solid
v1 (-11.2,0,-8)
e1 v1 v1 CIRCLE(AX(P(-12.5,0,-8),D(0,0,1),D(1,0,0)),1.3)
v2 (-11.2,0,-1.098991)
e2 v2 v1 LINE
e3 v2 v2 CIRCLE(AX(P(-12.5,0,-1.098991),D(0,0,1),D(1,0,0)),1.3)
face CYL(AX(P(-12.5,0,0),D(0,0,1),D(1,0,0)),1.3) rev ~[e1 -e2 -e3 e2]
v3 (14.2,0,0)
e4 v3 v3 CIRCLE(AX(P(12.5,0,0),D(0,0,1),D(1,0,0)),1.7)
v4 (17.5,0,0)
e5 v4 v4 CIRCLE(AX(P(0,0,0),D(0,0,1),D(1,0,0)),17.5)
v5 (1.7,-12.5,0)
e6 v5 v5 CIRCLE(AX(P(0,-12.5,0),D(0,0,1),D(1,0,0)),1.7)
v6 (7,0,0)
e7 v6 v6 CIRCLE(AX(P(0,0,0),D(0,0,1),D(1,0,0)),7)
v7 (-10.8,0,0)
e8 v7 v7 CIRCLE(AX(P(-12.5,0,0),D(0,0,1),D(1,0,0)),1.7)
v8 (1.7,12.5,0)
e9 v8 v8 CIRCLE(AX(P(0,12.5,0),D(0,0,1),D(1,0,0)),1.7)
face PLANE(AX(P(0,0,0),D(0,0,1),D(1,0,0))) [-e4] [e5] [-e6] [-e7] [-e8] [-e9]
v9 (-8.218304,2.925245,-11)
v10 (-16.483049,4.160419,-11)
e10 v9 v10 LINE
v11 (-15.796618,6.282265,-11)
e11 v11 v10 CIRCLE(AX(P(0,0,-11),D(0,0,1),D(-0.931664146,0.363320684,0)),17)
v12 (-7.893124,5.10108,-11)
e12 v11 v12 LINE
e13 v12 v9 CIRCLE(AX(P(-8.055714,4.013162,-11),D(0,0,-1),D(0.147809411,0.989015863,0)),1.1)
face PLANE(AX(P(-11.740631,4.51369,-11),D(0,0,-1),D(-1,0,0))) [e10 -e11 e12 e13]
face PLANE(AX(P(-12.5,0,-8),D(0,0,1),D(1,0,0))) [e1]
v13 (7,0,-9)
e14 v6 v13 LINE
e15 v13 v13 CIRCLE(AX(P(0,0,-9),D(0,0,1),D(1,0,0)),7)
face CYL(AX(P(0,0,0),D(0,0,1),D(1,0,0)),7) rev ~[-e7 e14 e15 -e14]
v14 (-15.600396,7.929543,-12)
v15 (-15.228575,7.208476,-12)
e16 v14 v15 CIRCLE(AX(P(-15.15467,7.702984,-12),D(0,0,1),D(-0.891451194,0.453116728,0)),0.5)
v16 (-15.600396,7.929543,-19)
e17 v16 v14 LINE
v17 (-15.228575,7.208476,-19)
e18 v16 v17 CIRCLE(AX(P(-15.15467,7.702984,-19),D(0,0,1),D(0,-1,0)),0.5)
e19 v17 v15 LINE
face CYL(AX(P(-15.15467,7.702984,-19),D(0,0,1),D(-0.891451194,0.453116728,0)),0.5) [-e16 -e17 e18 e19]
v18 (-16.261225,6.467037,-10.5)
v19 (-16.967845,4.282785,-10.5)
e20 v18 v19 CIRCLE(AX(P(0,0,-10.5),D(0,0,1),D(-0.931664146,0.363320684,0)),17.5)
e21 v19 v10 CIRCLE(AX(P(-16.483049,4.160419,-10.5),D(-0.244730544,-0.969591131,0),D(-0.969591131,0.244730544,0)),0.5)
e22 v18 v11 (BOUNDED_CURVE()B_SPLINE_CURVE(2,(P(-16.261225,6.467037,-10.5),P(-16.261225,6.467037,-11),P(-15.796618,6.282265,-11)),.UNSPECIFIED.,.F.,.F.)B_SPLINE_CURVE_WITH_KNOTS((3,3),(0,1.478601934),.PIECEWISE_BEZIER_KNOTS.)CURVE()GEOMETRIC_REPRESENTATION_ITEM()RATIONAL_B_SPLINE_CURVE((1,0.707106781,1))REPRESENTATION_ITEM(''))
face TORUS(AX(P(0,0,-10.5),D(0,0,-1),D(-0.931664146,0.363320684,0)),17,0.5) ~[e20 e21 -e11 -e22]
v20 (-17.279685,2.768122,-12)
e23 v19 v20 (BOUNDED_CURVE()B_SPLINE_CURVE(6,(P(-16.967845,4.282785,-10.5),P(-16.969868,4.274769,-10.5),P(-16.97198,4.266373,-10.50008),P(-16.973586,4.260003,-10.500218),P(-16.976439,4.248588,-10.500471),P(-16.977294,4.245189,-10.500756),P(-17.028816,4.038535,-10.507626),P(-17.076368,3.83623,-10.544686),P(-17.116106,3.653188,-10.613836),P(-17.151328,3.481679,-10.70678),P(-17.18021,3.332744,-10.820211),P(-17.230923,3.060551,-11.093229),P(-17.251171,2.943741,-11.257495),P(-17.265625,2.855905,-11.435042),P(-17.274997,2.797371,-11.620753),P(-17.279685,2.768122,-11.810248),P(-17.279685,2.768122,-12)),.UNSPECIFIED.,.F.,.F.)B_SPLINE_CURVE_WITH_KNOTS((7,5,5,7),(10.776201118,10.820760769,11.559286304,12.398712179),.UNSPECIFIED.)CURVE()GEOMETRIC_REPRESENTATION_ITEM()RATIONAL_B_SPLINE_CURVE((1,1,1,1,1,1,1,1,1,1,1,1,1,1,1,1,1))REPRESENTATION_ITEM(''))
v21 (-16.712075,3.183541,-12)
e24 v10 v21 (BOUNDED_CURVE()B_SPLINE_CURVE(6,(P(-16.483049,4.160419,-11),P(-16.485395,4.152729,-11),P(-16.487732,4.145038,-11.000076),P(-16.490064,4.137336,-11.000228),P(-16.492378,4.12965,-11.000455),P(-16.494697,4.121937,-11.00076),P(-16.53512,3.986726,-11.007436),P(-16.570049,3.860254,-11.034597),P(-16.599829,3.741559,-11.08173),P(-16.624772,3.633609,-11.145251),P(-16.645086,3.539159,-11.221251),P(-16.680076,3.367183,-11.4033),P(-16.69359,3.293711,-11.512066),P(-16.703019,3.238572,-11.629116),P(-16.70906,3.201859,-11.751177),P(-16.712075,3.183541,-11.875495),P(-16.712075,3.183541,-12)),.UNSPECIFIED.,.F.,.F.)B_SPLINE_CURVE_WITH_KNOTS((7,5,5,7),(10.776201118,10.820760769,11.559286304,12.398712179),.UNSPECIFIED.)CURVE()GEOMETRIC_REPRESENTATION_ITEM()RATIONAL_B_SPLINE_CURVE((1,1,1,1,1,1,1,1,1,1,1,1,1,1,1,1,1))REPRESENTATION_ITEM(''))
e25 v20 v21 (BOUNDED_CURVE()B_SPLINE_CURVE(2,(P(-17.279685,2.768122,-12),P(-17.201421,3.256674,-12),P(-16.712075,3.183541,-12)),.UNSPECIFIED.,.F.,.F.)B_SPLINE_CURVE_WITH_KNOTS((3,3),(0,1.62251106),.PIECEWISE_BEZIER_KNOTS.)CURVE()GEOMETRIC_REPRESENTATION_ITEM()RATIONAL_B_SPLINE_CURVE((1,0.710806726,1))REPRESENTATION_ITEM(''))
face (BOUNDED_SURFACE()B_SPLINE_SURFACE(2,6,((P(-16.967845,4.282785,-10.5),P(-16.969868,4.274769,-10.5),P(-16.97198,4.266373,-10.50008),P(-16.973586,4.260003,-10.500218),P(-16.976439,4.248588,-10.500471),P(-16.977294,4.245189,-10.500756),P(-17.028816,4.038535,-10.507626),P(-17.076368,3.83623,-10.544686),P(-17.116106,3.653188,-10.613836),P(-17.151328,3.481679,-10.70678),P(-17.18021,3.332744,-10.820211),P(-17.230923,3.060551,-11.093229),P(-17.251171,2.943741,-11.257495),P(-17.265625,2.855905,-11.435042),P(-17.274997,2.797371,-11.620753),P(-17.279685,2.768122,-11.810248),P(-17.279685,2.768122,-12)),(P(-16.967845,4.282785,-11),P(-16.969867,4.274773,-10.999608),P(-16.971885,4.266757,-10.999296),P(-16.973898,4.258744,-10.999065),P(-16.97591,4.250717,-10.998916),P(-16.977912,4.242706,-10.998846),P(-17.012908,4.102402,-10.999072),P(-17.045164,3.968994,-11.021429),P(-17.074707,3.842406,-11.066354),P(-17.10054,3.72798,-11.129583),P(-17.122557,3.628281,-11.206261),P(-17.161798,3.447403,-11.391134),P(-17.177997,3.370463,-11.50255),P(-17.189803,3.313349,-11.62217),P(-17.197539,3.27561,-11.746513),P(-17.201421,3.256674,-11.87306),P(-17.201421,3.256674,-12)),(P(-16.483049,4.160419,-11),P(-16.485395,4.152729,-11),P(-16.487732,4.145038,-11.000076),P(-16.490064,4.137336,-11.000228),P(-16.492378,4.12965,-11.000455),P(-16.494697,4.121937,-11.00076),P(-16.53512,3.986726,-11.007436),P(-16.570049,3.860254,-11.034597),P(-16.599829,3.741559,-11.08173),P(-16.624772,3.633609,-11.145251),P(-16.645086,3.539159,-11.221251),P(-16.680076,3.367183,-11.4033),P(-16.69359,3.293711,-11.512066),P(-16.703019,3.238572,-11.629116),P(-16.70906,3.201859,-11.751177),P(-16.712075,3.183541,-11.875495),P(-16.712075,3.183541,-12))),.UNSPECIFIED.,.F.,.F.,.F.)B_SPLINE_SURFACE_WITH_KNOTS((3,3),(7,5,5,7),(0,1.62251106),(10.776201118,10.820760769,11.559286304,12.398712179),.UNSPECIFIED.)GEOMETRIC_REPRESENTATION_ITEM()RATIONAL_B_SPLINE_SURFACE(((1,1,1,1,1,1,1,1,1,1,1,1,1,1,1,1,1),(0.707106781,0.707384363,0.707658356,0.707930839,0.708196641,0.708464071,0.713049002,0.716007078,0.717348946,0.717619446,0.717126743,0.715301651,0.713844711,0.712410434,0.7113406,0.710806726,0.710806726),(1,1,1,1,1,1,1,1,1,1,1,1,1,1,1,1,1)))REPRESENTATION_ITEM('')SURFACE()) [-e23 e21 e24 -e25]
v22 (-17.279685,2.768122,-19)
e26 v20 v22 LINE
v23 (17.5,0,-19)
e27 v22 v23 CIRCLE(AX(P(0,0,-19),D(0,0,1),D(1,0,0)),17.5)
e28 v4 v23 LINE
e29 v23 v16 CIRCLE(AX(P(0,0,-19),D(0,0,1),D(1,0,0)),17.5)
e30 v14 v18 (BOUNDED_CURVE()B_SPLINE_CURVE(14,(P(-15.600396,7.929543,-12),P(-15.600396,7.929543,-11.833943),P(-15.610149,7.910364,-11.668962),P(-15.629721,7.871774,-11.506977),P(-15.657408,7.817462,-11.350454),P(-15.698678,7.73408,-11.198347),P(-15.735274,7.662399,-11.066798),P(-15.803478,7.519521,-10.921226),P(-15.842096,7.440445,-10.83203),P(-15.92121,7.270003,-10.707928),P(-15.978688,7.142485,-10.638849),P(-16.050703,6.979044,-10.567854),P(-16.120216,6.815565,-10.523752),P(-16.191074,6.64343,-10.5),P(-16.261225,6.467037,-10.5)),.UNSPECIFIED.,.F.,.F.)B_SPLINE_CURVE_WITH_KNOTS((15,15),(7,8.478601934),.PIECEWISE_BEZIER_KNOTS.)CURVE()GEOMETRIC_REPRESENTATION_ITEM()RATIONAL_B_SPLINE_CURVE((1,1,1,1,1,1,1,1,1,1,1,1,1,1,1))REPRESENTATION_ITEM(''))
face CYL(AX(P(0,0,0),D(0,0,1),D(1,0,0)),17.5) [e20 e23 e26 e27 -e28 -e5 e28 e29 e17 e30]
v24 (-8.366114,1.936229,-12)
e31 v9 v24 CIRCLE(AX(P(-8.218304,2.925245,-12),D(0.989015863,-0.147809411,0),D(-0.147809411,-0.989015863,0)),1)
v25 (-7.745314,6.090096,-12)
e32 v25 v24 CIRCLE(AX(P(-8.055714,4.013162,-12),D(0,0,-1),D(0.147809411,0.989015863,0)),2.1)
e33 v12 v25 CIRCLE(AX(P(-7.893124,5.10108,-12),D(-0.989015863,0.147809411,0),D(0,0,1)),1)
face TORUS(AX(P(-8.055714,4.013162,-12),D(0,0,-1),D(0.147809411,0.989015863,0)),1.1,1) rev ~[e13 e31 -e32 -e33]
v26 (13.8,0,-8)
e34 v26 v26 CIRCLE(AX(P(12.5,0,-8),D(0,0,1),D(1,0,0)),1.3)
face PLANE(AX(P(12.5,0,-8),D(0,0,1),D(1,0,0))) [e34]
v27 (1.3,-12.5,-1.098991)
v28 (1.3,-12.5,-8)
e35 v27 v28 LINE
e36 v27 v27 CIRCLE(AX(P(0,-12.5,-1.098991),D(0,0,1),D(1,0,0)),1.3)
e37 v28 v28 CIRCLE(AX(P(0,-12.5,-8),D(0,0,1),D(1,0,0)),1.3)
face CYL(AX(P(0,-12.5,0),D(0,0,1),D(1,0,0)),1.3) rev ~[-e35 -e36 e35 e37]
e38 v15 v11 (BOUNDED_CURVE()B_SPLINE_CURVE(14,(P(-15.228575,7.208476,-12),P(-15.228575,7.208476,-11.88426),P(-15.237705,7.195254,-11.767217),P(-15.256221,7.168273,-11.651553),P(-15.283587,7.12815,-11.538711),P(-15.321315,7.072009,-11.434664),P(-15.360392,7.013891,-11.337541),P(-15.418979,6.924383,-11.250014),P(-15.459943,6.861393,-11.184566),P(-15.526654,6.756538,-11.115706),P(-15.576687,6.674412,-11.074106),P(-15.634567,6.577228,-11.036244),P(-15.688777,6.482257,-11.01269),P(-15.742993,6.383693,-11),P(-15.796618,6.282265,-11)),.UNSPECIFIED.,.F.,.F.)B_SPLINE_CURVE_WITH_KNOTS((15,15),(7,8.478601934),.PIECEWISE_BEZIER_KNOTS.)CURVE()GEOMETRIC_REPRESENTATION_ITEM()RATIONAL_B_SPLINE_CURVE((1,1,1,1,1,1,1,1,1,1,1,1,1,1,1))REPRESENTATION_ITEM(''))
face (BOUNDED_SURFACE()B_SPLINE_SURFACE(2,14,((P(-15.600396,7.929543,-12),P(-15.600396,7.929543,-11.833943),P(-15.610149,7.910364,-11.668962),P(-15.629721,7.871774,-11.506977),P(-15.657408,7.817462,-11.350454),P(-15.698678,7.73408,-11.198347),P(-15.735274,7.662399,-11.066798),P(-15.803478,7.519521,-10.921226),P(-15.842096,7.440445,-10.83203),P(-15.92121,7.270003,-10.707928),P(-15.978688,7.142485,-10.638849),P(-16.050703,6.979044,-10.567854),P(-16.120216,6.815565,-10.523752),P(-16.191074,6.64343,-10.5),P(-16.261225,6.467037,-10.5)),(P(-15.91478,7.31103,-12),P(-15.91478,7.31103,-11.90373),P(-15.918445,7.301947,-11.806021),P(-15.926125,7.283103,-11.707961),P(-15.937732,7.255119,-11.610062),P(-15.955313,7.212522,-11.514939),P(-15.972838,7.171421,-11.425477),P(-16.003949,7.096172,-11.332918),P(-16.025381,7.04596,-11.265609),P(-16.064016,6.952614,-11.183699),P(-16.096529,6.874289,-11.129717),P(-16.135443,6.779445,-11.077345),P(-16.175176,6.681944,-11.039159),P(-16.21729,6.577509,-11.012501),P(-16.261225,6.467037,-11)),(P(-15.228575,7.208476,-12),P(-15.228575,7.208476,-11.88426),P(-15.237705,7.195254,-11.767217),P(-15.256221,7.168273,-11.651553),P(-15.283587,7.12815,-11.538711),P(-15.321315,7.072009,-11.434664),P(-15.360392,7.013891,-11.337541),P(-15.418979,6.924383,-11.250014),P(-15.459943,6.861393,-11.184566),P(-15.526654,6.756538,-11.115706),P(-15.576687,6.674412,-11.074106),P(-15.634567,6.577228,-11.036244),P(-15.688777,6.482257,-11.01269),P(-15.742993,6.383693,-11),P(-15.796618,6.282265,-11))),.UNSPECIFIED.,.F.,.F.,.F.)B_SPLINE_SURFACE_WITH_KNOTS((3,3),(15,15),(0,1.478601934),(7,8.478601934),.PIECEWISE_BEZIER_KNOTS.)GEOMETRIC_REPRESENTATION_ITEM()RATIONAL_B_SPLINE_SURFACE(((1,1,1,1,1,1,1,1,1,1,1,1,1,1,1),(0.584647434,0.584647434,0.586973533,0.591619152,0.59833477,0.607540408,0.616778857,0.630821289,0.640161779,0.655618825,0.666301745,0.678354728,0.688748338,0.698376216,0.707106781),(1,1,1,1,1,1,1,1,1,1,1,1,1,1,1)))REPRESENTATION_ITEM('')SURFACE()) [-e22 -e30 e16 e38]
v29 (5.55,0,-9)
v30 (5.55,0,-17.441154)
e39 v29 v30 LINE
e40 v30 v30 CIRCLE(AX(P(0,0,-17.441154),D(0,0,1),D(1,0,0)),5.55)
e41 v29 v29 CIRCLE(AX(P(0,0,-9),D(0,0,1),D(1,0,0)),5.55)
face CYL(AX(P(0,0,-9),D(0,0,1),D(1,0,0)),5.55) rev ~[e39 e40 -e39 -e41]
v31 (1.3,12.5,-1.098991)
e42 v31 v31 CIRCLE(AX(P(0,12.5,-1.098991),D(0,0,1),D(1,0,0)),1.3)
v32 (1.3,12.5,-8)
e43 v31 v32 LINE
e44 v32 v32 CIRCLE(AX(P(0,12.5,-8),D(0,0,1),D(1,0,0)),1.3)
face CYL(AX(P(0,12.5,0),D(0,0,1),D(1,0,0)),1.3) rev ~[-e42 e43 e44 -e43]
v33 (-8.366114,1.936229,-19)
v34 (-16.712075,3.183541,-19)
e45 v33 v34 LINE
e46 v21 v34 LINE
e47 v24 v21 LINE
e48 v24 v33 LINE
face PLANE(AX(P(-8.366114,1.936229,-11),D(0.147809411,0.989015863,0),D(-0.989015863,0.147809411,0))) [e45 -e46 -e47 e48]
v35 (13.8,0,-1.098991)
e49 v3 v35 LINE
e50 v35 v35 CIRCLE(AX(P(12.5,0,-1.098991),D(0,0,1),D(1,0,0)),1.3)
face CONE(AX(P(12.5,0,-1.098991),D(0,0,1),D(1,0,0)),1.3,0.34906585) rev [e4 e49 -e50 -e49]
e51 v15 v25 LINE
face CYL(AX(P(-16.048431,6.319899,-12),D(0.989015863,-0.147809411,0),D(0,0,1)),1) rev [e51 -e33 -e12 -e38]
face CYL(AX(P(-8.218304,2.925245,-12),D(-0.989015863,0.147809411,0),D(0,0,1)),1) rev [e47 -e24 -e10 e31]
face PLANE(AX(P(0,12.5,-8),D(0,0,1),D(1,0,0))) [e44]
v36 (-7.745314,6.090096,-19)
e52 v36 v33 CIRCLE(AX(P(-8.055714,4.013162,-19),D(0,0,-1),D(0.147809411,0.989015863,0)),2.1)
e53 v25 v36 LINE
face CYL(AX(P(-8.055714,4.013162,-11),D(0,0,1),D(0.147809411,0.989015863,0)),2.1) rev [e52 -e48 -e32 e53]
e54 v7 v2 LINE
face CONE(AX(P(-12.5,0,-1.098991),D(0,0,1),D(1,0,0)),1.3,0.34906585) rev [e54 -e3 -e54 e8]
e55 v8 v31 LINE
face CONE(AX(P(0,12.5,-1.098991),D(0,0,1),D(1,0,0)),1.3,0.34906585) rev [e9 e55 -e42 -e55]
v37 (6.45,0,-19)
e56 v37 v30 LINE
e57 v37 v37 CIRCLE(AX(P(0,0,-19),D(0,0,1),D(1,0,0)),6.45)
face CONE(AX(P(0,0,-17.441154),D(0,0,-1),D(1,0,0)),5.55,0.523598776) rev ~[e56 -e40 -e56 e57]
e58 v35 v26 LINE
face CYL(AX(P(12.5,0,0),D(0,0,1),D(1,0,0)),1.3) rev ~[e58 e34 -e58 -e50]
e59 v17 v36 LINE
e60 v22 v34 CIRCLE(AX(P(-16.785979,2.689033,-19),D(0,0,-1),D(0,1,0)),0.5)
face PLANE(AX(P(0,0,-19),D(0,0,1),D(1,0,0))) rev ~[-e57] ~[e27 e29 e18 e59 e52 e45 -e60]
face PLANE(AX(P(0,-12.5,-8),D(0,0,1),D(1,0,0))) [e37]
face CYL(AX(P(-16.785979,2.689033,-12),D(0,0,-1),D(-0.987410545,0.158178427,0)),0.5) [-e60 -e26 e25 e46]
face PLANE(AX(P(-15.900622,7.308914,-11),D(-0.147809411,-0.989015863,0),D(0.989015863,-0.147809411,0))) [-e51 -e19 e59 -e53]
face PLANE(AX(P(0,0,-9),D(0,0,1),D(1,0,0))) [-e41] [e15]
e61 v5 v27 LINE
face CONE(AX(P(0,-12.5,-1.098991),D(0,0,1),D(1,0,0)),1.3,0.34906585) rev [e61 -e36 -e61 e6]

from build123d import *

# Parameters (mm, degrees)
SKETCH_1_R          = 17.5
EXTRUDE_1_DEPTH     = 19
SKETCH_2_R          = 1.3
CUT_EXTRUDE_1_DEPTH = 8
SKETCH_4_R          = 7
CUT_EXTRUDE_3_DEPTH = 9
SKETCH_5_R          = 5.55
CUT_EXTRUDE_4_DEPTH = 10
CUT_EXTRUDE_START   = -8
CUT_EXTRUDE_6_DEPTH = 8
FILLET_1_R          = 1
FILLET_2_R          = 0.5
CHAMFER_1_SIZE      = 0.9
CHAMFER_1_SIZE2     = 1.558845727
CHAMFER_2_SIZE      = 0.4
CHAMFER_2_SIZE2     = 1.098990968


with BuildPart() as part:
    # 草图1 → 凸台-拉伸1 (new body)
    with BuildSketch(Plane.XY):
        Circle(SKETCH_1_R)
    extrude(amount=-EXTRUDE_1_DEPTH)

    # 草图2 → 切除-拉伸1 (cut)
    with BuildSketch(Plane.XY):
        with Locations((12.5, 0)):
            Circle(SKETCH_2_R)
        with Locations((0, -12.5)):
            Circle(SKETCH_2_R)
        with Locations((-12.5, 0)):
            Circle(SKETCH_2_R)
        with Locations((0, 12.5)):
            Circle(SKETCH_2_R)
    extrude(amount=-CUT_EXTRUDE_1_DEPTH, mode=Mode.SUBTRACT)

    # 草图4 → 切除-拉伸3 (cut)
    with BuildSketch(Plane.XY):
        Circle(SKETCH_4_R)
    extrude(amount=-CUT_EXTRUDE_3_DEPTH, mode=Mode.SUBTRACT)

    # 草图5 → 切除-拉伸4 (cut)
    with BuildSketch(Plane.XY.offset(-9)):
        Circle(SKETCH_5_R)
    extrude(amount=-CUT_EXTRUDE_4_DEPTH, mode=Mode.SUBTRACT)

    # 草图11 → 切除-拉伸6 (cut)
    with BuildSketch(Plane(origin=(0, 0, -19), x_dir=(-1, 0, 0), z_dir=(0, 0, -1)).offset(CUT_EXTRUDE_START)):
        with BuildLine():
            ThreePointArc((17.194499347, 3.255640061), (16.671203225, 5.32174624), (15.900621658, 7.308914482))
            Line((15.900621658, 7.308914482), (7.74531425, 6.090095623))
            ThreePointArc((7.74531425, 6.090095623), (5.978780701, 3.702762547), (8.366113777, 1.936228997))
            Line((8.366113777, 1.936228997), (17.194499347, 3.255640061))
        make_face()
    extrude(amount=CUT_EXTRUDE_6_DEPTH, mode=Mode.SUBTRACT)

    # 圆角1
    fillet_1_edges = [part.edges().sort_by_distance(p)[0] for p in [
        (-11.822967954, 6.699505053, -11),
        (-5.978780701, 3.702762547, -11),
        (-12.780306562, 2.595934529, -11),
    ]]
    fillet(fillet_1_edges, radius=FILLET_1_R)

    # 圆角2
    fillet_2_edges = [part.edges().sort_by_distance(p)[0] for p in [
        (-17.194499347, 3.255640061, -15.5),
        (-16.675851852, 5.30716167, -11),
        (-15.900621658, 7.308914482, -15.5),
        (-17.137411019, 3.543888201, -11.292266818),
        (-16.027314009, 7.026749296, -11.28802798),
    ]]
    fillet(fillet_2_edges, radius=FILLET_2_R)

    # 倒角1
    chamfer_1_edges = [part.edges().sort_by_distance(p)[0] for p in [
        (-5.55, 0, -19),
    ]]
    chamfer_1_side = [part.faces().sort_by_distance(p)[0] for p in [
        (-1.349167098, -16.951419764, -19),
    ]]
    chamfer(chamfer_1_edges, length=CHAMFER_1_SIZE, length2=CHAMFER_1_SIZE2, reference=chamfer_1_side[0])

    # 倒角2
    chamfer_2_edges = [part.edges().sort_by_distance(p)[0] for p in [
        (-1.3, -12.5, 0),
        (-13.8, 0, 0),
        (-1.3, 12.5, 0),
        (11.2, 0, 0),
    ]]
    chamfer_2_side = [part.faces().sort_by_distance(p)[0] for p in [
        (-17.005025253, 0, 0),
    ]]
    chamfer(chamfer_2_edges, length=CHAMFER_2_SIZE, length2=CHAMFER_2_SIZE2, reference=chamfer_2_side[0])


solid = part.part
